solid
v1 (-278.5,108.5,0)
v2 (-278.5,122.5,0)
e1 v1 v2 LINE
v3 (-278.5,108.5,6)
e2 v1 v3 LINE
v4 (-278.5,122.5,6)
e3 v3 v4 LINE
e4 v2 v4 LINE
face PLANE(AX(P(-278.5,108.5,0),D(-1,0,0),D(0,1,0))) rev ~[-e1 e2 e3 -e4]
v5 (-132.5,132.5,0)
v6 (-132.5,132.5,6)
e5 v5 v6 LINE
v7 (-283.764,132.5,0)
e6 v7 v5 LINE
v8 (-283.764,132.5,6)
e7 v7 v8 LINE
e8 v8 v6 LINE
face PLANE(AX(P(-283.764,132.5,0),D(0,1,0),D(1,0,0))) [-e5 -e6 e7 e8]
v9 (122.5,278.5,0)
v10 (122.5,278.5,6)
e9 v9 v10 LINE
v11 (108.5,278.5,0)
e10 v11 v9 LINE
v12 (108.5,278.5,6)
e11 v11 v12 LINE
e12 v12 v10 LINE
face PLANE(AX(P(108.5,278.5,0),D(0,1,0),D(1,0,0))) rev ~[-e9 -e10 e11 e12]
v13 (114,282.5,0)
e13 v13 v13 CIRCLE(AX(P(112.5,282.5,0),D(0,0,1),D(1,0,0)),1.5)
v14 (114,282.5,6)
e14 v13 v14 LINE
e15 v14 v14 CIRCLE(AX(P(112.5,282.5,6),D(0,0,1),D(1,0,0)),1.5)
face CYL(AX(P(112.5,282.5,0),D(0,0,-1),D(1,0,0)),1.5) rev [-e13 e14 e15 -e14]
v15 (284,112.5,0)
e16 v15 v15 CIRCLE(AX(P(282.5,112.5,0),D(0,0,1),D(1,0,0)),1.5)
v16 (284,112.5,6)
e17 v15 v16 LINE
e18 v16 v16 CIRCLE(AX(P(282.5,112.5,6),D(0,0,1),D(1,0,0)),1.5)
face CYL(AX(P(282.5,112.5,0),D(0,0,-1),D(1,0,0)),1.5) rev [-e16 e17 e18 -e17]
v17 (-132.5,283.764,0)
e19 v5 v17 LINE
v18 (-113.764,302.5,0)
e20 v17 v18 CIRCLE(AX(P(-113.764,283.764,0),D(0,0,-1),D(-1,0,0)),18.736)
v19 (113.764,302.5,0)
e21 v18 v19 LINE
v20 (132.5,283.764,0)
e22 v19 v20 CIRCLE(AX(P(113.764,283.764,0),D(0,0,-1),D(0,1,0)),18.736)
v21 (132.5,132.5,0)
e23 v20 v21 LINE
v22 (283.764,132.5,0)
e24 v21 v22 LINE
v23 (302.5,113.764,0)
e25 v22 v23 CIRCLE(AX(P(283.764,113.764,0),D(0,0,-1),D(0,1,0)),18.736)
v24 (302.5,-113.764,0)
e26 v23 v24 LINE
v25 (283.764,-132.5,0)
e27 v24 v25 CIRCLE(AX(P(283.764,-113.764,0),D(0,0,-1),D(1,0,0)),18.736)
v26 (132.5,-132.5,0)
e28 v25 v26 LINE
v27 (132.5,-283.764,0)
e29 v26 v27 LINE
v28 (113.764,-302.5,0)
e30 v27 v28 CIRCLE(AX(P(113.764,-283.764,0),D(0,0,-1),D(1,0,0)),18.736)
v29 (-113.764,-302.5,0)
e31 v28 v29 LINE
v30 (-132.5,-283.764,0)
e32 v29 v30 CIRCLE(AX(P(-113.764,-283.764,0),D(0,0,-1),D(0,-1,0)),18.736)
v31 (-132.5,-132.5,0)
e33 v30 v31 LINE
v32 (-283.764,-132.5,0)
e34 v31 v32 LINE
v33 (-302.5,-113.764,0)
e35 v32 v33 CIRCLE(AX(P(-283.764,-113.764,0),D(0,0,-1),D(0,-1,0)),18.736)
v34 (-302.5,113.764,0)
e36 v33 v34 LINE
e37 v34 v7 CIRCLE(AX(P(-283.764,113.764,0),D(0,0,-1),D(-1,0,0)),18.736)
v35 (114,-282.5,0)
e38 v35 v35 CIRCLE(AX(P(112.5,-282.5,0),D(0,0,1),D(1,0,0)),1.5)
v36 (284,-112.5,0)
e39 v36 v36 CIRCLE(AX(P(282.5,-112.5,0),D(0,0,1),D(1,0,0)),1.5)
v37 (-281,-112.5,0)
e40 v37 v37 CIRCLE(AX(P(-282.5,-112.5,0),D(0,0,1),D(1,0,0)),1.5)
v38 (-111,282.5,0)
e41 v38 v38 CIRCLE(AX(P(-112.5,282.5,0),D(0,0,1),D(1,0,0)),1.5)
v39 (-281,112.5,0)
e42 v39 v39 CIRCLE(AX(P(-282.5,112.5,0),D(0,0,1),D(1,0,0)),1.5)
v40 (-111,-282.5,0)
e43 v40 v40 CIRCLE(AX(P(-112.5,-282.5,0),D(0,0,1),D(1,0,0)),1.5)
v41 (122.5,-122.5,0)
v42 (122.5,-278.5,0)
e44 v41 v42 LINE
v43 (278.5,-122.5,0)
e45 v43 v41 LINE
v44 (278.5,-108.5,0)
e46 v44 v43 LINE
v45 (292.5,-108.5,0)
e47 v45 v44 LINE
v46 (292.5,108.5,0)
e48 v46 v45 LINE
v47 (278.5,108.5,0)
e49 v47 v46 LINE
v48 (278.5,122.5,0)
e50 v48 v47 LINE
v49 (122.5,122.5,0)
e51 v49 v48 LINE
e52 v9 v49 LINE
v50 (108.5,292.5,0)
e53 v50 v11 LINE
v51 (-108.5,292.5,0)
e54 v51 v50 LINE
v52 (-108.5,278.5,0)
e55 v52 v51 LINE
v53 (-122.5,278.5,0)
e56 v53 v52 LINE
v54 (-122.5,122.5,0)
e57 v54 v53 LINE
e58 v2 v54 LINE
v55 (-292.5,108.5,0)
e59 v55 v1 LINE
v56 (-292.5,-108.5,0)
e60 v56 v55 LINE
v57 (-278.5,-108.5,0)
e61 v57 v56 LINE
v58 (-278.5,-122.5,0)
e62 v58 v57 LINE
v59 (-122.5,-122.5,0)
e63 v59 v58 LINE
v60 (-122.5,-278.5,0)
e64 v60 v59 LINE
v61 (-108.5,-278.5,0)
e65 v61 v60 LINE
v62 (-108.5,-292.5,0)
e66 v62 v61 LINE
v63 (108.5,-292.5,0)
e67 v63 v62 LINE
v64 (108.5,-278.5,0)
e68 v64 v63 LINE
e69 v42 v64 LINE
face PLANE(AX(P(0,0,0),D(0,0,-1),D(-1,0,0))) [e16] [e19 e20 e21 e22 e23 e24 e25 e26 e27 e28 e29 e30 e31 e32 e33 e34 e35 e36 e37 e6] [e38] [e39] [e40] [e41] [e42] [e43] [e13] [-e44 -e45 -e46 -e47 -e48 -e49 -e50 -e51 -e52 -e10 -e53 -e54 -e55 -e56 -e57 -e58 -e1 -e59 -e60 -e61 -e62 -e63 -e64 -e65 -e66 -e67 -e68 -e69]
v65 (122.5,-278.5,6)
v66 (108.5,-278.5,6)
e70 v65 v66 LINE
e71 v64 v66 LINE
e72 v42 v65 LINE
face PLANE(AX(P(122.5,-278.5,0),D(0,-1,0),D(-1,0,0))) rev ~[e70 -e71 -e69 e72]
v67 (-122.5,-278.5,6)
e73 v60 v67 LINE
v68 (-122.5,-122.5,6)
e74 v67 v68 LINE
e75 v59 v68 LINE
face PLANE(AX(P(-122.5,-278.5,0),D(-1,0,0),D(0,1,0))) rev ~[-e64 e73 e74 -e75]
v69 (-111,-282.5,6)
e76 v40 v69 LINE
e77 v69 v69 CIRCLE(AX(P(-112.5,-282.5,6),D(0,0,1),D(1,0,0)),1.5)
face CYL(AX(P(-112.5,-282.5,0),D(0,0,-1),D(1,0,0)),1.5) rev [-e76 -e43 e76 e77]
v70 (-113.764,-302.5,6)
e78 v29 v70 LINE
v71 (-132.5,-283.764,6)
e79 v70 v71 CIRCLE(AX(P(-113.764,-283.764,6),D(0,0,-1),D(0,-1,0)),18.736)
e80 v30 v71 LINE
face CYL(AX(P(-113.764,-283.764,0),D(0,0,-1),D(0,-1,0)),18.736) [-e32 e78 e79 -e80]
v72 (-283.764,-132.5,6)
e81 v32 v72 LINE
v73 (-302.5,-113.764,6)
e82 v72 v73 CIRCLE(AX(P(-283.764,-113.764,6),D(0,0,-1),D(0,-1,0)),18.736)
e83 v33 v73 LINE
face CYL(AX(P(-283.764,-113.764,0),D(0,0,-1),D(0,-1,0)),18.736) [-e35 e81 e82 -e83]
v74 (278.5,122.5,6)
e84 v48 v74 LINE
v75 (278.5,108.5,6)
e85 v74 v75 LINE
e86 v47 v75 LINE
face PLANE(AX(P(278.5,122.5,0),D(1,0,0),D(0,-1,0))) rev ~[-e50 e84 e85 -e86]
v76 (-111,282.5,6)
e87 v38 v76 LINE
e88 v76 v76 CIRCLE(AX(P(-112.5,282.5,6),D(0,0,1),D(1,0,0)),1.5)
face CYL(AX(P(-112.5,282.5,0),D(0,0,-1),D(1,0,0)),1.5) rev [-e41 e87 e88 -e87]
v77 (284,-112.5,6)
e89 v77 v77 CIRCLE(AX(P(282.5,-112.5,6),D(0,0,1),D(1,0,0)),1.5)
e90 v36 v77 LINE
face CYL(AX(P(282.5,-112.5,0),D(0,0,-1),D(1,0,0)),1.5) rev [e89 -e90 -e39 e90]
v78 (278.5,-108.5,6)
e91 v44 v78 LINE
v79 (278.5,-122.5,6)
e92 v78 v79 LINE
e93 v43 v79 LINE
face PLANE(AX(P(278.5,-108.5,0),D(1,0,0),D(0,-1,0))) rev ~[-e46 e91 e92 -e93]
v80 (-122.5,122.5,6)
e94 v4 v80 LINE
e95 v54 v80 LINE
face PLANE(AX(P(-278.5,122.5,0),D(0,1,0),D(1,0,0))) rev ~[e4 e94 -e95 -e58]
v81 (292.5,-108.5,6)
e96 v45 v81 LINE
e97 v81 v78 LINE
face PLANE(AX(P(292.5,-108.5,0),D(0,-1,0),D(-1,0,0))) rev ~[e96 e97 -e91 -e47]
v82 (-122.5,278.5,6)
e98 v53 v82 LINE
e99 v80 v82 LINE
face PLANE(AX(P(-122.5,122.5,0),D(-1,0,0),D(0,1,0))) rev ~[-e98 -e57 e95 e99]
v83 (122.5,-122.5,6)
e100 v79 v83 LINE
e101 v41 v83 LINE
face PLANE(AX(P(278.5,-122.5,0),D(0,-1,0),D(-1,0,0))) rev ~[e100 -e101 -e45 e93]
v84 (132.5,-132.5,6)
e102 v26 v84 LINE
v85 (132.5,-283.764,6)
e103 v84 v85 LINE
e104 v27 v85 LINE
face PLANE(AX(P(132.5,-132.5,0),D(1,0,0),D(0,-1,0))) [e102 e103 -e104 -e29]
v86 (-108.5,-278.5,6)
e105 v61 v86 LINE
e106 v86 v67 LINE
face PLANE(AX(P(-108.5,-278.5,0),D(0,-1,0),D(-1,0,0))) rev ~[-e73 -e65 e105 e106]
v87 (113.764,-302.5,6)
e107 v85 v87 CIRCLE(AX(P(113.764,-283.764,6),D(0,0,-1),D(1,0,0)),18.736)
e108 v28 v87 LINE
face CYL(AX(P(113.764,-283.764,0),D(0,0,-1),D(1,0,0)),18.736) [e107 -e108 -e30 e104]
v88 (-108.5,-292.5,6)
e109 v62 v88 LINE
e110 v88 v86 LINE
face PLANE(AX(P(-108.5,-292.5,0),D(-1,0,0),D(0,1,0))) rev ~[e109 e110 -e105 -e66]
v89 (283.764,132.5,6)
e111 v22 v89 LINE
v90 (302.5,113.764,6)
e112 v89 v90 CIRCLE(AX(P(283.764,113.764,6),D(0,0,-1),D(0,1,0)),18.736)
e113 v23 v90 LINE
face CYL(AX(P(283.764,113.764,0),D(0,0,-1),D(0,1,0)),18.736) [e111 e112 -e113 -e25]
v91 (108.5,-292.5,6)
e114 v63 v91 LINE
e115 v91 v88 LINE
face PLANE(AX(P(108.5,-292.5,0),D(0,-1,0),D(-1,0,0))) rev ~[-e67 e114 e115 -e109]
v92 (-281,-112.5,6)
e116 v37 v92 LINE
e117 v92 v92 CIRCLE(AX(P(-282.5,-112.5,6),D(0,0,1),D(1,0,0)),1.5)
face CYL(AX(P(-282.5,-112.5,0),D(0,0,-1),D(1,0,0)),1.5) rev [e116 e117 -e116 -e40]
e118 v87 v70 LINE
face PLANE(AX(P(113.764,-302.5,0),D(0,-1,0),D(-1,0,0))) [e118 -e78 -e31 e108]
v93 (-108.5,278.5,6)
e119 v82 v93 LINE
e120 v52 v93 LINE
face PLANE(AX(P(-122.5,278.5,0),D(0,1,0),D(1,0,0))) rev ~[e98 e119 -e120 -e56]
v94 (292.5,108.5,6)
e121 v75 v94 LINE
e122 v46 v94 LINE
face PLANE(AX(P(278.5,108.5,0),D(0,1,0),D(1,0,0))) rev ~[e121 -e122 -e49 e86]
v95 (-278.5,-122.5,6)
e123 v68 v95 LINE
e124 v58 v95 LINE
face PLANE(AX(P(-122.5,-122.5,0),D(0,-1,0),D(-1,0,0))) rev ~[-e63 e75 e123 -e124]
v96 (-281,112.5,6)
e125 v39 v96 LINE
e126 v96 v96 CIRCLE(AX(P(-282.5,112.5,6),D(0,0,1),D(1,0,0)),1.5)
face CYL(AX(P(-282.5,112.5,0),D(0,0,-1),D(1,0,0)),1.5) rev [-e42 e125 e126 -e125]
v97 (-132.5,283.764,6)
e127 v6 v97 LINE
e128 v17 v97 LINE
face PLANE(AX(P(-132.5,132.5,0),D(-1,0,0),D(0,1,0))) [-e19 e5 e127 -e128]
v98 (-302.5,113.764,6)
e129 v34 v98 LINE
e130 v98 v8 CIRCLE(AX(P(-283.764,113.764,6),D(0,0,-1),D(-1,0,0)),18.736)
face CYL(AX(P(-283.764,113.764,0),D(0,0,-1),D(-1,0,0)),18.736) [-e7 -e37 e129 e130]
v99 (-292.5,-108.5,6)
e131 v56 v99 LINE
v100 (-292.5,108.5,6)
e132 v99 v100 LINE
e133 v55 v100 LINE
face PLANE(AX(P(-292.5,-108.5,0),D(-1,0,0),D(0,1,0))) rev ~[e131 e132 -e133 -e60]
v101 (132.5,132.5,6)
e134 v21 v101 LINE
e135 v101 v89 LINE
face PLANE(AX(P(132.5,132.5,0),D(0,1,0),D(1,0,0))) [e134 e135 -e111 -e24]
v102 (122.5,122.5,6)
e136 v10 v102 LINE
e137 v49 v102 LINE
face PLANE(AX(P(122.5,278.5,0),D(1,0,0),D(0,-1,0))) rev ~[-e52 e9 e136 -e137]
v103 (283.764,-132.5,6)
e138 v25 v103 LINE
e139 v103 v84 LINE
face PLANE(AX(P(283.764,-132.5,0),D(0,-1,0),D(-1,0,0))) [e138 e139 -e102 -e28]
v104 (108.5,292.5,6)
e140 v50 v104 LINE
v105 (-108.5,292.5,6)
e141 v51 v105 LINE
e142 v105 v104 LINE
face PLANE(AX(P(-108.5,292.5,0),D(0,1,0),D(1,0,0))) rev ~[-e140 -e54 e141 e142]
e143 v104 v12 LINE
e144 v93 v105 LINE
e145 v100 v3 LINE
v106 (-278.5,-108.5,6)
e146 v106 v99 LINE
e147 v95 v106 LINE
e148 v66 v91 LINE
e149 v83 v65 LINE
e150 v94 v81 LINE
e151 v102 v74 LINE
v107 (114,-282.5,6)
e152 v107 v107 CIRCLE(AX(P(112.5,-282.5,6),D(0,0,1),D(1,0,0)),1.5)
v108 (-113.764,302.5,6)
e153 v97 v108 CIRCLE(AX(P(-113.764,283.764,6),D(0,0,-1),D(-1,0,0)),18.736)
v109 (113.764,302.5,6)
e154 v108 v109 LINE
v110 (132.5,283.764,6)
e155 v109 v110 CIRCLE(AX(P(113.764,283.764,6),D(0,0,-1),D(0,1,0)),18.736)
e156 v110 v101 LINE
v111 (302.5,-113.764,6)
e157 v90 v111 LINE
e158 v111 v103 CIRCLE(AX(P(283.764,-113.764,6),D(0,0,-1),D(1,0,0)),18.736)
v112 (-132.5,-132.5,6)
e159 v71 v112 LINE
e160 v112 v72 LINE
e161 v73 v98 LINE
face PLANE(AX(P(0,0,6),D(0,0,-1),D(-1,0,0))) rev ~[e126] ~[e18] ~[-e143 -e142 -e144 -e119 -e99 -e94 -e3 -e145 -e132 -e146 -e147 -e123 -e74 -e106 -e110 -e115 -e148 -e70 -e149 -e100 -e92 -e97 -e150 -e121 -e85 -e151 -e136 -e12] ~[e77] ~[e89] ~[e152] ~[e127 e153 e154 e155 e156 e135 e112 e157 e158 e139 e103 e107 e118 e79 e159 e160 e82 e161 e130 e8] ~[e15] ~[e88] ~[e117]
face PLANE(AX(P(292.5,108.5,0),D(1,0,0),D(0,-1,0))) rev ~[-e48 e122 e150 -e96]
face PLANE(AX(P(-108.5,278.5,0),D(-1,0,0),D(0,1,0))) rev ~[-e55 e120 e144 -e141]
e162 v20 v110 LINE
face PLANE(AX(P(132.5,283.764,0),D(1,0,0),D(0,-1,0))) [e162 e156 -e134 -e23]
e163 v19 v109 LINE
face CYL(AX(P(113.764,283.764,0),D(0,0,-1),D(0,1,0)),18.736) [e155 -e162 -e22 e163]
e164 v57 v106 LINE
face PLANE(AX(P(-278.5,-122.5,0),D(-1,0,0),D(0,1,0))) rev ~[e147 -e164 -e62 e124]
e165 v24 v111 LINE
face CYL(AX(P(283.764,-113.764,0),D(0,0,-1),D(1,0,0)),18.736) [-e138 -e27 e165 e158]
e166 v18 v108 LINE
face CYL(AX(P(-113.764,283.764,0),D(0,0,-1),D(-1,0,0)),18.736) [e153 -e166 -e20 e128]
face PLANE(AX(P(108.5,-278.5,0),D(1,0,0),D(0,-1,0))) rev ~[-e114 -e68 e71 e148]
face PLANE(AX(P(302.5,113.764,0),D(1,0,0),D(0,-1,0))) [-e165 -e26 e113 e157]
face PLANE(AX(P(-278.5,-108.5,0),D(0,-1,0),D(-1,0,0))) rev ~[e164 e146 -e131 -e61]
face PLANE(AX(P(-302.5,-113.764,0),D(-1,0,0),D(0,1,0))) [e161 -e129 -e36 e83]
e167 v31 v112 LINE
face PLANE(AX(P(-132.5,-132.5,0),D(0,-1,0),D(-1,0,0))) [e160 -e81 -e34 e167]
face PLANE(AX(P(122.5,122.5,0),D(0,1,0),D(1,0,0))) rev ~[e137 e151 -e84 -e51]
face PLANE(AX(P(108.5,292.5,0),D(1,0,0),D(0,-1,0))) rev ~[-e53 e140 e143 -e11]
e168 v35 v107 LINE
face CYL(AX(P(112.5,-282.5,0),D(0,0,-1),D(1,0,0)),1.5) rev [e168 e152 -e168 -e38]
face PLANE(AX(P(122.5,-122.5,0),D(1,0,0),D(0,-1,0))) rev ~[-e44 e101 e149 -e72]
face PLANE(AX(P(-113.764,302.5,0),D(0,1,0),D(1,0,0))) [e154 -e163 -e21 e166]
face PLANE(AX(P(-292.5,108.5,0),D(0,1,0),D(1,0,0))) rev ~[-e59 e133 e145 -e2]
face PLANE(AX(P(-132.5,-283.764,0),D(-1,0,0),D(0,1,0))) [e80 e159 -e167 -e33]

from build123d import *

# Parameters (mm, degrees)
CROQUIS1_R              = 1.5
SALIENTE_EXTRUIR1_DEPTH = 6


with BuildPart() as part:
    # Croquis1 → Saliente-Extruir1 (new body)
    with BuildSketch(Plane.XY):
        with BuildLine():
            Line((-283.764, 132.5), (-132.5, 132.5))
            Line((-132.5, 132.5), (-132.5, 283.764))
            ThreePointArc((-132.5, 283.764), (-127.012352652, 297.012352652), (-113.764, 302.5))
            Line((-113.764, 302.5), (113.764, 302.5))
            ThreePointArc((113.764, 302.5), (127.012352652, 297.012352652), (132.5, 283.764))
            Line((132.5, 283.764), (132.5, 132.5))
            Line((132.5, 132.5), (283.764, 132.5))
            ThreePointArc((283.764, 132.5), (297.012352652, 127.012352652), (302.5, 113.764))
            Line((302.5, 113.764), (302.5, -113.764))
            ThreePointArc((302.5, -113.764), (297.012352652, -127.012352652), (283.764, -132.5))
            Line((283.764, -132.5), (132.5, -132.5))
            Line((132.5, -132.5), (132.5, -283.764))
            ThreePointArc((132.5, -283.764), (127.012352652, -297.012352652), (113.764, -302.5))
            Line((113.764, -302.5), (-113.764, -302.5))
            ThreePointArc((-113.764, -302.5), (-127.012352652, -297.012352652), (-132.5, -283.764))
            Line((-132.5, -283.764), (-132.5, -132.5))
            Line((-132.5, -132.5), (-283.764, -132.5))
            ThreePointArc((-283.764, -132.5), (-297.012352652, -127.012352652), (-302.5, -113.764))
            Line((-302.5, -113.764), (-302.5, 113.764))
            ThreePointArc((-302.5, 113.764), (-297.012352652, 127.012352652), (-283.764, 132.5))
        make_face()
        with Locations((-282.5, 112.5)):
            Circle(CROQUIS1_R, mode=Mode.SUBTRACT)
        with Locations((-282.5, -112.5)):
            Circle(CROQUIS1_R, mode=Mode.SUBTRACT)
        with Locations((-112.5, -282.5)):
            Circle(CROQUIS1_R, mode=Mode.SUBTRACT)
        with Locations((112.5, -282.5)):
            Circle(CROQUIS1_R, mode=Mode.SUBTRACT)
        with Locations((282.5, -112.5)):
            Circle(CROQUIS1_R, mode=Mode.SUBTRACT)
        with Locations((282.5, 112.5)):
            Circle(CROQUIS1_R, mode=Mode.SUBTRACT)
        with Locations((-112.5, 282.5)):
            Circle(CROQUIS1_R, mode=Mode.SUBTRACT)
        with Locations((112.5, 282.5)):
            Circle(CROQUIS1_R, mode=Mode.SUBTRACT)
        Polygon((-278.5, 122.5), (-122.5, 122.5), (-122.5, 278.5), (-108.5, 278.5), (-108.5, 292.5), (108.5, 292.5), (108.5, 278.5), (122.5, 278.5), (122.5, 122.5), (278.5, 122.5), (278.5, 108.5), (292.5, 108.5), (292.5, -108.5), (278.5, -108.5), (278.5, -122.5), (122.5, -122.5), (122.5, -278.5), (108.5, -278.5), (108.5, -292.5), (-108.5, -292.5), (-108.5, -278.5), (-122.5, -278.5), (-122.5, -122.5), (-278.5, -122.5), (-278.5, -108.5), (-292.5, -108.5), (-292.5, 108.5), (-278.5, 108.5), align=None, mode=Mode.SUBTRACT)
    extrude(amount=SALIENTE_EXTRUIR1_DEPTH)


solid = part.part
